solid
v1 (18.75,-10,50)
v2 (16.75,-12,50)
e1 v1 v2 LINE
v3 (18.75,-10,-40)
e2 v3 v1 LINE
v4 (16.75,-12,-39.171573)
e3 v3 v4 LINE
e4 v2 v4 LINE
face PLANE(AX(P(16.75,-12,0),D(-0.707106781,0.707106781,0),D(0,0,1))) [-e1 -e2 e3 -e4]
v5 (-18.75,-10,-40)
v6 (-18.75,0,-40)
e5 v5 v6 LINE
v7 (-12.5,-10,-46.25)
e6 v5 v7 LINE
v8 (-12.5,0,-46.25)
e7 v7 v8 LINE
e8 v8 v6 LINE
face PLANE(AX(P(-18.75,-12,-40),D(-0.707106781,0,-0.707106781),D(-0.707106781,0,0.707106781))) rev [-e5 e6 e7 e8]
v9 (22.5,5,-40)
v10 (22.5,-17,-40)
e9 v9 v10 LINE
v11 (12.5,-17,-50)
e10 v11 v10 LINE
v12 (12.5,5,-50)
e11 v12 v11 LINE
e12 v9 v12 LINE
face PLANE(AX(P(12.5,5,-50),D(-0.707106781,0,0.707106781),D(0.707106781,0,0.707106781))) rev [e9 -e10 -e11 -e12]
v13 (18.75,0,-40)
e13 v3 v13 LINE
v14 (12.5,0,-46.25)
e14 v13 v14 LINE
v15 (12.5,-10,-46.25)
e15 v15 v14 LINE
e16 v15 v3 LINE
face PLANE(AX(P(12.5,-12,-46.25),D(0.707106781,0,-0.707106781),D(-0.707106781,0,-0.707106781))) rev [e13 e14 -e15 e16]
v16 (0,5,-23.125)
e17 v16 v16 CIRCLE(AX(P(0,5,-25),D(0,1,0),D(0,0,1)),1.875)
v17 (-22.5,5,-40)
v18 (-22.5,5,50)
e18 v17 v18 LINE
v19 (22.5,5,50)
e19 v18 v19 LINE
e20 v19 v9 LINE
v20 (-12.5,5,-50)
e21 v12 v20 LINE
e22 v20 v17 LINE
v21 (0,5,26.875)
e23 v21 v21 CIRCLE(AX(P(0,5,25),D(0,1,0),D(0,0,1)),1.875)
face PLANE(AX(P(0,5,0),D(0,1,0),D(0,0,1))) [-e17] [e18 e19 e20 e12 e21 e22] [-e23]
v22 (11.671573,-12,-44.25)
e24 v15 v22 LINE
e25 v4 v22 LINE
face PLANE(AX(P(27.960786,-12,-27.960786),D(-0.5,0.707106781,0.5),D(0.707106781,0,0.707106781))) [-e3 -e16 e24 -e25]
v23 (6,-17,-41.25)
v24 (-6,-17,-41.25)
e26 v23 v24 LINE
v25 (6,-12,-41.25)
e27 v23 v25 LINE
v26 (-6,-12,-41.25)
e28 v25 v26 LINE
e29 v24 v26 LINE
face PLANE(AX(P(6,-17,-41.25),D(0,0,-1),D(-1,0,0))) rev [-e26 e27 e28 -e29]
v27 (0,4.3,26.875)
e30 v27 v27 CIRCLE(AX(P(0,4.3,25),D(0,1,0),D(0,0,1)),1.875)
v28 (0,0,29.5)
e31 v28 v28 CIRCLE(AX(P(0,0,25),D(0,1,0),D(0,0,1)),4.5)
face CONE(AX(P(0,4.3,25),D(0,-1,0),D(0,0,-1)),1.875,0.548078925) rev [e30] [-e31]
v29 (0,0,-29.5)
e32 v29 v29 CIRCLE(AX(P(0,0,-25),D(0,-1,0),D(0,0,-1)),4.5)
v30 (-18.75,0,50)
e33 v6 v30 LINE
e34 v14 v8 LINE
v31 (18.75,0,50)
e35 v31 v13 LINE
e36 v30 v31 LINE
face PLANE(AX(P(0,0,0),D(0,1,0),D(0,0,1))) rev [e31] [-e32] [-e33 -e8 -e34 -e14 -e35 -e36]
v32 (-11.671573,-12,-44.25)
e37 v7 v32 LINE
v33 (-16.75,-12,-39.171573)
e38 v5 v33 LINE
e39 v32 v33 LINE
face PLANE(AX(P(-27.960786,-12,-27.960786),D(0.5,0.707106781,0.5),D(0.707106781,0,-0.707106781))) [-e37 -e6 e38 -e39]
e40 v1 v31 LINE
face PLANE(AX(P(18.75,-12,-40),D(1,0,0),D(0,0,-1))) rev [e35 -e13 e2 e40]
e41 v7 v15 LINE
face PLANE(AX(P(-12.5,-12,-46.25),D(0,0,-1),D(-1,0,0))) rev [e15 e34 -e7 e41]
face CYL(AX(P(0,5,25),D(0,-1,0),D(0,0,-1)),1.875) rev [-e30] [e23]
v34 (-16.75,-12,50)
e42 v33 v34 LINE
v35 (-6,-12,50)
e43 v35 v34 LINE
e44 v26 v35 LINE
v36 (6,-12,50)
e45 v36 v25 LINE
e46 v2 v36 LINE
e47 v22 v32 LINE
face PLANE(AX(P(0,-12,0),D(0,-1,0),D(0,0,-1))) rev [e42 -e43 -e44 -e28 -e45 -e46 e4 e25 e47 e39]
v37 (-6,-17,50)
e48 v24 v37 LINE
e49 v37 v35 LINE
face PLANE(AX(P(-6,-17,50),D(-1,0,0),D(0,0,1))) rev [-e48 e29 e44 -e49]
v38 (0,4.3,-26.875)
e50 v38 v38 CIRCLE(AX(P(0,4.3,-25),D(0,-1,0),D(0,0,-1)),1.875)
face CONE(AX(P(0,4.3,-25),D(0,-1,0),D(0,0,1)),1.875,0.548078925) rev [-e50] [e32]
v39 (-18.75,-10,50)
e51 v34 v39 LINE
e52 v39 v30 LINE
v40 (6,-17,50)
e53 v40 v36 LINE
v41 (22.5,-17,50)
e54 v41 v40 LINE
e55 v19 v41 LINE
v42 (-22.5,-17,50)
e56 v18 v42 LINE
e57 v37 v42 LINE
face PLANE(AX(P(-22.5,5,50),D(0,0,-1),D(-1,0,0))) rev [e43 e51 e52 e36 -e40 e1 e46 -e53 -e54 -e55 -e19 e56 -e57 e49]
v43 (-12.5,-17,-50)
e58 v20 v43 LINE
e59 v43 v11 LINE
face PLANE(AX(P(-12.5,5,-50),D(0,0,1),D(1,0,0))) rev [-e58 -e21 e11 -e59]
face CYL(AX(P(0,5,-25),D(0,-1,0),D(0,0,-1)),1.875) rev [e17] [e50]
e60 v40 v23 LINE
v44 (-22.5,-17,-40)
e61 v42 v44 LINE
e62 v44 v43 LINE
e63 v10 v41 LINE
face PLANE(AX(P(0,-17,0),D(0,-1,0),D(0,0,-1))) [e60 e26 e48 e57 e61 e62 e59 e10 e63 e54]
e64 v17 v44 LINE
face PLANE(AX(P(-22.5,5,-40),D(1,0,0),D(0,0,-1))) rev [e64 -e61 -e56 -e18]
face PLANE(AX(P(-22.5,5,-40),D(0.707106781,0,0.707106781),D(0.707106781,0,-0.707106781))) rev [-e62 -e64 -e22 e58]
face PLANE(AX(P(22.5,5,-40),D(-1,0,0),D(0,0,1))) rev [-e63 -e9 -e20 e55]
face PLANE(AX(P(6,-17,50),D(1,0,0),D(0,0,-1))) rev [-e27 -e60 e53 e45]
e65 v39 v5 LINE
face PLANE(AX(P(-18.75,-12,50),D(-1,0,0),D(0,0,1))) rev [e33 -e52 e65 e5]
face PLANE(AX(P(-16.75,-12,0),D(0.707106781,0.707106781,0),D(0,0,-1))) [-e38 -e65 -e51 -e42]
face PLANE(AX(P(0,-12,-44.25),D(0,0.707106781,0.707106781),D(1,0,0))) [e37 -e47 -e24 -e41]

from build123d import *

# Parameters (mm, degrees)
SKETCH1_R           = 1.875
BOSS_EXTRUDE1_DEPTH = 5
BOSS_EXTRUDE2_DEPTH = 12
BOSS_EXTRUDE3_DEPTH = 5
CHAMFER1_SIZE       = 2


with BuildPart() as part:
    # Sketch1 → Boss-Extrude1 (new body)
    with BuildSketch(Plane(origin=(0, 0, 0), x_dir=(1, 0, 0), z_dir=(0, 1, 0))):
        Polygon((-12.5, 50), (12.5, 50), (22.5, 40), (22.5, -50), (-22.5, -50), (-22.5, 40), align=None)
        with Locations((0, 25)):
            Circle(SKETCH1_R, mode=Mode.SUBTRACT)
        with Locations((0, -25)):
            Circle(SKETCH1_R, mode=Mode.SUBTRACT)
    extrude(amount=BOSS_EXTRUDE1_DEPTH)

    # Sketch3 → Boss-Extrude2 (add)
    with BuildSketch(Plane.XZ):
        Polygon((-22.5, 50), (-18.75, 50), (-18.75, -40), (-12.5, -46.25), (12.5, -46.25), (18.75, -40), (18.75, 50), (22.5, 50), (22.5, -40), (12.5, -50), (-12.5, -50), (-22.5, -40), align=None)
    extrude(amount=BOSS_EXTRUDE2_DEPTH)

    # Sketch4 → Cut-Revolve1 (revolve, cut)
    with BuildSketch(Plane(origin=(0, 0, 0), x_dir=(0, 0, -1), z_dir=(1, 0, 0))):
        Polygon((-26.875, 5), (-26.875, 4.3), (-29.5, 0), (-25.875, 0), (-25.875, 5), align=None)
    cut_revolve1 = revolve(axis=Axis((0, 5, 25), (0, -1, 0)), mode=Mode.SUBTRACT)

    # Mirror1: Cut-Revolve1 across plane
    add(cut_revolve1.mirror(Plane.XY), mode=Mode.SUBTRACT)

    # Sketch5 → Boss-Extrude3 (add)
    with BuildSketch(Plane.XZ.offset(12)):
        Polygon((-22.5, -40), (-12.5, -50), (12.5, -50), (22.5, -40), (22.5, 50), (6, 50), (6, -41.25), (-6, -41.25), (-6, 50), (-22.5, 50), align=None)
    extrude(amount=BOSS_EXTRUDE3_DEPTH)

    # Chamfer1
    chamfer1_edges = [part.edges().sort_by_distance(p)[0] for p in [
        (18.75, -12, 5),
        (15.625, -12, -43.125),
        (0, -12, -46.25),
        (-15.625, -12, -43.125),
        (-18.75, -12, 5),
    ]]
    chamfer(chamfer1_edges, length=CHAMFER1_SIZE)


solid = part.part
